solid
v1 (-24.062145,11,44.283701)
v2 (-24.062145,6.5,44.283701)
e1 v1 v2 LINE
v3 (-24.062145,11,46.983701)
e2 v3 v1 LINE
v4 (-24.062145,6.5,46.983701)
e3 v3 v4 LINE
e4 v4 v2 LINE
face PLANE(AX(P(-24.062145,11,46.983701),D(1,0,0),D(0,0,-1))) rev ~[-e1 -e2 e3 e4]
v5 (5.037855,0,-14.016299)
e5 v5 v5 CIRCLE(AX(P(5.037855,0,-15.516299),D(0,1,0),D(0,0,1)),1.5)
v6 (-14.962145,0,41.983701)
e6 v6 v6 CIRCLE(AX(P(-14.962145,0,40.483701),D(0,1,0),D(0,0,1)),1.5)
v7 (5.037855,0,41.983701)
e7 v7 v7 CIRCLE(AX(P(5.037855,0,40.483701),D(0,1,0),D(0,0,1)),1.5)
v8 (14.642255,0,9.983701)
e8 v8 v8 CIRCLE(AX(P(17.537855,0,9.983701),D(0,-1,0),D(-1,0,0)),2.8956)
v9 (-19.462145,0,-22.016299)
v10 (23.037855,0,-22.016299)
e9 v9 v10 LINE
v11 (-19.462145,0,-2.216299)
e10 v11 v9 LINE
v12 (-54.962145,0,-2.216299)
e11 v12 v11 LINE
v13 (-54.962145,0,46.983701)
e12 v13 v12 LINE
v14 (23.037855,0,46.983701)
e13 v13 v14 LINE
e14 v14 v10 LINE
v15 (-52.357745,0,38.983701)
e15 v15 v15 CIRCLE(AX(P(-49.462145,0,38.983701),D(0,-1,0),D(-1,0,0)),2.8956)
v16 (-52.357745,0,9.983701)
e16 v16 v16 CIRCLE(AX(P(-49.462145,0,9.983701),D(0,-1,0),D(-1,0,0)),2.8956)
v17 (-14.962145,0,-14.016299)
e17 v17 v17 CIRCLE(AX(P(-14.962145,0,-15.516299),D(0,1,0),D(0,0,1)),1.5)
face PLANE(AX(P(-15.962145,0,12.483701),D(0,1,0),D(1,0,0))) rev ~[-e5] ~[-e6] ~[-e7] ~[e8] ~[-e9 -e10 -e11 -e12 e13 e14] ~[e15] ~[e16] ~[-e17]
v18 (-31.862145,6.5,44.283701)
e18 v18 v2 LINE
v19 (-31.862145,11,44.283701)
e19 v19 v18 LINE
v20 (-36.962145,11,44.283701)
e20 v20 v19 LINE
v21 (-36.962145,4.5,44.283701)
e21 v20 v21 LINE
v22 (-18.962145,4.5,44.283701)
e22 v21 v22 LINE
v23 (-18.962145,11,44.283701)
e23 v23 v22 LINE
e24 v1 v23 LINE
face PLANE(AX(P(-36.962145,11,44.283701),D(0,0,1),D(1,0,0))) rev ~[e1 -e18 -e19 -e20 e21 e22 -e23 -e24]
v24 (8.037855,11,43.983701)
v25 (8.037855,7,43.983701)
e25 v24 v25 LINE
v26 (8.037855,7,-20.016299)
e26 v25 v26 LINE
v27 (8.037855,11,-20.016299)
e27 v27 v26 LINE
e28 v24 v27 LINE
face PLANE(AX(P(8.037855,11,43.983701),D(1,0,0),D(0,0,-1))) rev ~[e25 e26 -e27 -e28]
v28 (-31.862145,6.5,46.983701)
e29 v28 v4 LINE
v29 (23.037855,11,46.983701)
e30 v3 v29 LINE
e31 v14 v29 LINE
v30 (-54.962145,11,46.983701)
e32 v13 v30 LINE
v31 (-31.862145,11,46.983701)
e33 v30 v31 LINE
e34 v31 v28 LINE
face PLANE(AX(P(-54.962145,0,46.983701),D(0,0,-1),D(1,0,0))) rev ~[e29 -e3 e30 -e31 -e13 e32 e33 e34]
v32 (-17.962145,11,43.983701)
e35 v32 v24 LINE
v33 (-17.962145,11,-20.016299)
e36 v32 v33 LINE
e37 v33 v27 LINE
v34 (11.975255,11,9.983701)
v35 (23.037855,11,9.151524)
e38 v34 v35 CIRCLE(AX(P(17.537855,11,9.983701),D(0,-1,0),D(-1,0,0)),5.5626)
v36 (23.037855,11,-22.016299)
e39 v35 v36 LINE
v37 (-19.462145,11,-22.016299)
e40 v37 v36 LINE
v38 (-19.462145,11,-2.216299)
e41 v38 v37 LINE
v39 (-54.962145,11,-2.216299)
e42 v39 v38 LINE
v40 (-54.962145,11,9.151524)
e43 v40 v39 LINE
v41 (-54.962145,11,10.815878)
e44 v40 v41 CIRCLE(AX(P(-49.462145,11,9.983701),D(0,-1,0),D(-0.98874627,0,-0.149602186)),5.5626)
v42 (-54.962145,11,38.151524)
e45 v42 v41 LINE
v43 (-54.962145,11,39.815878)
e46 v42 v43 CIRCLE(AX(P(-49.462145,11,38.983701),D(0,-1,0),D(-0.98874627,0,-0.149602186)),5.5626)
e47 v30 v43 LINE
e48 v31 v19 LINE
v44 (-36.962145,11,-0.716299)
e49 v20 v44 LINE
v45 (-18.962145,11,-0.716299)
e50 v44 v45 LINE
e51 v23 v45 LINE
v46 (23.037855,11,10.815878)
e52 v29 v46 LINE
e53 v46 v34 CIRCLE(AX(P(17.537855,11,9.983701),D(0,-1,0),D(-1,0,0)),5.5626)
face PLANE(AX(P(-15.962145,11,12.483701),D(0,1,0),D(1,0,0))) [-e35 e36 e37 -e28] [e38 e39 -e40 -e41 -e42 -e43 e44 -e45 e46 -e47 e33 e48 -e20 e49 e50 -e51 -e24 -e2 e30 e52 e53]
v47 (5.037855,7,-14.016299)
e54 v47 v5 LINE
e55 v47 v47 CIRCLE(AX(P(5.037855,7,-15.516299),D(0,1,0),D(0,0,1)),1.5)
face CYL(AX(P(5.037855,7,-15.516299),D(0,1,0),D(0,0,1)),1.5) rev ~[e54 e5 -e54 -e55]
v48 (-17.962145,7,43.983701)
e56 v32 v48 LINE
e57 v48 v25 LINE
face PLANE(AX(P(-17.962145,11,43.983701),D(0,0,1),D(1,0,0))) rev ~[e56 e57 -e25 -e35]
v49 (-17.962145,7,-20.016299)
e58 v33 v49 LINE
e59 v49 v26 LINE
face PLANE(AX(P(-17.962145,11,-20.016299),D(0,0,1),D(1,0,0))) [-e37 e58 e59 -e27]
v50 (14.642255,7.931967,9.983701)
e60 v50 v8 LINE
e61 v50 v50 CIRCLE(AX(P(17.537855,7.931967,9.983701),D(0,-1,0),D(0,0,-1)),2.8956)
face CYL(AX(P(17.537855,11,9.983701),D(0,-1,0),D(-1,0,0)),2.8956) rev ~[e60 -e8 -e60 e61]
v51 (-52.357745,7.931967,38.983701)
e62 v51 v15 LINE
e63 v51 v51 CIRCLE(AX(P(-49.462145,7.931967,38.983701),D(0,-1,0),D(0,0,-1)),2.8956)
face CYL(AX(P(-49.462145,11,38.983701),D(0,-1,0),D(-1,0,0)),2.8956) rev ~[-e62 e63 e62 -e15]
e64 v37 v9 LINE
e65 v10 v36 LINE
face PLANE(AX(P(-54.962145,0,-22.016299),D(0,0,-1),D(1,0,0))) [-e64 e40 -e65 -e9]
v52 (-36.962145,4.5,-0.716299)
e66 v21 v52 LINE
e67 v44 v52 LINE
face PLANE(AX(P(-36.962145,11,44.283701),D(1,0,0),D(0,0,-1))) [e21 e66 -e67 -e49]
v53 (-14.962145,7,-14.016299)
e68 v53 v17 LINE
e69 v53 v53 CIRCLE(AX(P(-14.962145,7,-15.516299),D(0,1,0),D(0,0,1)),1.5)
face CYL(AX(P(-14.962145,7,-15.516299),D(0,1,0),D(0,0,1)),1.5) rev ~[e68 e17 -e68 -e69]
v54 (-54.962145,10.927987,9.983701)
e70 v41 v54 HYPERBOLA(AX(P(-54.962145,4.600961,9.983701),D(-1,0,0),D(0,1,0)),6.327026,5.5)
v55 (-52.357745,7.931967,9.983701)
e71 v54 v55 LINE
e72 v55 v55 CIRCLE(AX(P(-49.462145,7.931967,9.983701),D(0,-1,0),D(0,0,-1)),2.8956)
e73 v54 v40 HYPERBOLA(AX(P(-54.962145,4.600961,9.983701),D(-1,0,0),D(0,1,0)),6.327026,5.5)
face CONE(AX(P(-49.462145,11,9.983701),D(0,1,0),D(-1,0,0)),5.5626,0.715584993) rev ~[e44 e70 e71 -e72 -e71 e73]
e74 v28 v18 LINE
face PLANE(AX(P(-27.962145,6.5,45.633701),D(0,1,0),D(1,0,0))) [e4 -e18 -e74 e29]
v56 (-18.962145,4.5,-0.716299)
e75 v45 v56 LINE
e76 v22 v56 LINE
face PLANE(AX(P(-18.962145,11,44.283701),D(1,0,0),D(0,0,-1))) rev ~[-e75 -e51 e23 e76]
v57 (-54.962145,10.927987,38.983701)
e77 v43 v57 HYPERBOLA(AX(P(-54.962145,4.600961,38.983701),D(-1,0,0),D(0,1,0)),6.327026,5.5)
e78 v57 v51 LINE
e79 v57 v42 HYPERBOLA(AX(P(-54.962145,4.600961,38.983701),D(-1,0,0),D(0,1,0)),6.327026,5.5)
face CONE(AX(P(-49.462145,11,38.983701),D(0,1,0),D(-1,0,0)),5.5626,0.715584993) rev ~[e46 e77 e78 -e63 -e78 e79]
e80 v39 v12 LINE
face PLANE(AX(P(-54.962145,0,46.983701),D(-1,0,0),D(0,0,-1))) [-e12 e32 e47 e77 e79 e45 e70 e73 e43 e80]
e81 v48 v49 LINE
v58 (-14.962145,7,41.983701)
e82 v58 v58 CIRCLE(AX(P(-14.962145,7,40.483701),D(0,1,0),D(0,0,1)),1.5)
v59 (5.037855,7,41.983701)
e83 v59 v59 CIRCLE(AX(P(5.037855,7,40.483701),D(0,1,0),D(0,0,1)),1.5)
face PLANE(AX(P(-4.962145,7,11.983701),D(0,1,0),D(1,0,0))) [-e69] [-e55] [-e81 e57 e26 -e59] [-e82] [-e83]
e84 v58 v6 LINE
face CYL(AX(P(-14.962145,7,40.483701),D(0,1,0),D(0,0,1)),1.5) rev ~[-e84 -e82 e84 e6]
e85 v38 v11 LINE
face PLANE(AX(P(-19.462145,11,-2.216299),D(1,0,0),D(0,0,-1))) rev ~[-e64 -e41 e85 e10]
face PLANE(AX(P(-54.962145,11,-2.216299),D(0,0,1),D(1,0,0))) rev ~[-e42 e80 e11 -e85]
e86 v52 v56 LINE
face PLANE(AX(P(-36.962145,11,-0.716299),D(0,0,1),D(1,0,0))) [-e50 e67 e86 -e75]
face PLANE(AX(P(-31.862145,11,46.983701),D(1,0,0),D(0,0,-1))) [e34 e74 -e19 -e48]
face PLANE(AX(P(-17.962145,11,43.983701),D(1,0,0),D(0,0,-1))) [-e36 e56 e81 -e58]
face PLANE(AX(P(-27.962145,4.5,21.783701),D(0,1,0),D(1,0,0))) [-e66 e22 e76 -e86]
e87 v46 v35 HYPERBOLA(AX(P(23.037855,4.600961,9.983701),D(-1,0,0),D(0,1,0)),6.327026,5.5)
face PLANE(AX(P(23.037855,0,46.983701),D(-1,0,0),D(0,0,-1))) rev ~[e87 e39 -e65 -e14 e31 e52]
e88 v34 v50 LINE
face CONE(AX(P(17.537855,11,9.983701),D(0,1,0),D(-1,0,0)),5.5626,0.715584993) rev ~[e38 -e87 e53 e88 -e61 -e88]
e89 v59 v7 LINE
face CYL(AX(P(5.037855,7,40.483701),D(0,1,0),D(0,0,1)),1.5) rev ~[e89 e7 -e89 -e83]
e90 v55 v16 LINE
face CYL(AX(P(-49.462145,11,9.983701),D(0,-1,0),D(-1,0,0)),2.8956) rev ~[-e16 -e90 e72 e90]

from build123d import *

# Parameters (mm, degrees)
SKETCH1_W                                       = 78
SKETCH1_H                                       = 69
BOSS_EXTRUDE1_DEPTH                             = 11
SKETCH4_W                                       = 18
SKETCH4_H                                       = 45
CUT_EXTRUDE2_DEPTH                              = 6.5
SKETCH5_W                                       = 7.8
SKETCH5_H                                       = 2.7
CUT_EXTRUDE3_DEPTH                              = 4.5
SKETCH6_W                                       = 26
SKETCH6_H                                       = 64
CUT_EXTRUDE4_DEPTH                              = 4
SKETCH8_R                                       = 1.5
CUT_EXTRUDE5_DEPTH                              = 73.645065829
CSK_FOR_12_FLAT_HEAD_MACHINE_SCREW1_D           = 5.7912
CSK_FOR_12_FLAT_HEAD_MACHINE_SCREW1_CSINK_D     = 11.1252
CSK_FOR_12_FLAT_HEAD_MACHINE_SCREW1_CSINK_ANGLE = 82
SKETCH24_W                                      = 35.5
SKETCH24_H                                      = 19.8
CUT_EXTRUDE7_DEPTH                              = 74.138947144


with BuildPart() as part:
    # Sketch1 → Boss-Extrude1 (new body)
    with BuildSketch(Plane(origin=(0, 0, 0), x_dir=(1, 0, 0), z_dir=(0, 1, 0))):
        with Locations((-15.96214511, -12.483701367)):
            Rectangle(SKETCH1_W, SKETCH1_H)
    extrude(amount=BOSS_EXTRUDE1_DEPTH)

    # Sketch4 → Cut-Extrude2 (cut)
    with BuildSketch(Plane(origin=(0, 11, 0), x_dir=(1, 0, 0), z_dir=(0, 1, 0))):
        with Locations((-27.96214511, -21.783701367)):
            Rectangle(SKETCH4_W, SKETCH4_H)
    extrude(amount=-CUT_EXTRUDE2_DEPTH, mode=Mode.SUBTRACT)

    # Sketch5 → Cut-Extrude3 (cut)
    with BuildSketch(Plane(origin=(0, 11, 0), x_dir=(1, 0, 0), z_dir=(0, 1, 0))):
        with Locations((-27.96214511, -45.633701367)):
            Rectangle(SKETCH5_W, SKETCH5_H)
    extrude(amount=-CUT_EXTRUDE3_DEPTH, mode=Mode.SUBTRACT)

    # Sketch6 → Cut-Extrude4 (cut)
    with BuildSketch(Plane(origin=(0, 11, 0), x_dir=(1, 0, 0), z_dir=(0, 1, 0))):
        with Locations((-4.96214511, -11.983701367)):
            Rectangle(SKETCH6_W, SKETCH6_H)
    extrude(amount=-CUT_EXTRUDE4_DEPTH, mode=Mode.SUBTRACT)

    # Sketch8 → Cut-Extrude5 (cut, through all)
    with BuildSketch(Plane(origin=(0, 7, 0), x_dir=(1, 0, 0), z_dir=(0, 1, 0))):
        with Locations(Location((5.03785489, -40.483701367, 0), (0, 0, 270))):
            Circle(SKETCH8_R)
        with Locations(Location((-14.96214511, -40.483701367, 0), (0, 0, 270))):
            Circle(SKETCH8_R)
        with Locations(Location((-14.96214511, 15.516298633, 0), (0, 0, 270))):
            Circle(SKETCH8_R)
        with Locations(Location((5.03785489, 15.516298633, 0), (0, 0, 270))):
            Circle(SKETCH8_R)
    extrude(amount=-CUT_EXTRUDE5_DEPTH, mode=Mode.SUBTRACT)

    # CSK for #12 Flat Head Machine Screw1 (through all)
    with Locations(Plane(origin=(0, 11, 0), x_dir=(1, 0, 0), z_dir=(0, 1, 0))):
        with Locations((-49.46214511, -38.983701367), (-49.46214511, -9.983701367), (17.53785489, -9.983701367)):
            CounterSinkHole(CSK_FOR_12_FLAT_HEAD_MACHINE_SCREW1_D / 2, CSK_FOR_12_FLAT_HEAD_MACHINE_SCREW1_CSINK_D / 2, counter_sink_angle=CSK_FOR_12_FLAT_HEAD_MACHINE_SCREW1_CSINK_ANGLE)

    # Sketch24 → Cut-Extrude7 (cut, through all)
    with BuildSketch(Plane(origin=(0, 11, 0), x_dir=(1, 0, 0), z_dir=(0, 1, 0))):
        with Locations((-37.21214511, 12.116298633)):
            Rectangle(SKETCH24_W, SKETCH24_H)
    extrude(amount=-CUT_EXTRUDE7_DEPTH, mode=Mode.SUBTRACT)


solid = part.part
